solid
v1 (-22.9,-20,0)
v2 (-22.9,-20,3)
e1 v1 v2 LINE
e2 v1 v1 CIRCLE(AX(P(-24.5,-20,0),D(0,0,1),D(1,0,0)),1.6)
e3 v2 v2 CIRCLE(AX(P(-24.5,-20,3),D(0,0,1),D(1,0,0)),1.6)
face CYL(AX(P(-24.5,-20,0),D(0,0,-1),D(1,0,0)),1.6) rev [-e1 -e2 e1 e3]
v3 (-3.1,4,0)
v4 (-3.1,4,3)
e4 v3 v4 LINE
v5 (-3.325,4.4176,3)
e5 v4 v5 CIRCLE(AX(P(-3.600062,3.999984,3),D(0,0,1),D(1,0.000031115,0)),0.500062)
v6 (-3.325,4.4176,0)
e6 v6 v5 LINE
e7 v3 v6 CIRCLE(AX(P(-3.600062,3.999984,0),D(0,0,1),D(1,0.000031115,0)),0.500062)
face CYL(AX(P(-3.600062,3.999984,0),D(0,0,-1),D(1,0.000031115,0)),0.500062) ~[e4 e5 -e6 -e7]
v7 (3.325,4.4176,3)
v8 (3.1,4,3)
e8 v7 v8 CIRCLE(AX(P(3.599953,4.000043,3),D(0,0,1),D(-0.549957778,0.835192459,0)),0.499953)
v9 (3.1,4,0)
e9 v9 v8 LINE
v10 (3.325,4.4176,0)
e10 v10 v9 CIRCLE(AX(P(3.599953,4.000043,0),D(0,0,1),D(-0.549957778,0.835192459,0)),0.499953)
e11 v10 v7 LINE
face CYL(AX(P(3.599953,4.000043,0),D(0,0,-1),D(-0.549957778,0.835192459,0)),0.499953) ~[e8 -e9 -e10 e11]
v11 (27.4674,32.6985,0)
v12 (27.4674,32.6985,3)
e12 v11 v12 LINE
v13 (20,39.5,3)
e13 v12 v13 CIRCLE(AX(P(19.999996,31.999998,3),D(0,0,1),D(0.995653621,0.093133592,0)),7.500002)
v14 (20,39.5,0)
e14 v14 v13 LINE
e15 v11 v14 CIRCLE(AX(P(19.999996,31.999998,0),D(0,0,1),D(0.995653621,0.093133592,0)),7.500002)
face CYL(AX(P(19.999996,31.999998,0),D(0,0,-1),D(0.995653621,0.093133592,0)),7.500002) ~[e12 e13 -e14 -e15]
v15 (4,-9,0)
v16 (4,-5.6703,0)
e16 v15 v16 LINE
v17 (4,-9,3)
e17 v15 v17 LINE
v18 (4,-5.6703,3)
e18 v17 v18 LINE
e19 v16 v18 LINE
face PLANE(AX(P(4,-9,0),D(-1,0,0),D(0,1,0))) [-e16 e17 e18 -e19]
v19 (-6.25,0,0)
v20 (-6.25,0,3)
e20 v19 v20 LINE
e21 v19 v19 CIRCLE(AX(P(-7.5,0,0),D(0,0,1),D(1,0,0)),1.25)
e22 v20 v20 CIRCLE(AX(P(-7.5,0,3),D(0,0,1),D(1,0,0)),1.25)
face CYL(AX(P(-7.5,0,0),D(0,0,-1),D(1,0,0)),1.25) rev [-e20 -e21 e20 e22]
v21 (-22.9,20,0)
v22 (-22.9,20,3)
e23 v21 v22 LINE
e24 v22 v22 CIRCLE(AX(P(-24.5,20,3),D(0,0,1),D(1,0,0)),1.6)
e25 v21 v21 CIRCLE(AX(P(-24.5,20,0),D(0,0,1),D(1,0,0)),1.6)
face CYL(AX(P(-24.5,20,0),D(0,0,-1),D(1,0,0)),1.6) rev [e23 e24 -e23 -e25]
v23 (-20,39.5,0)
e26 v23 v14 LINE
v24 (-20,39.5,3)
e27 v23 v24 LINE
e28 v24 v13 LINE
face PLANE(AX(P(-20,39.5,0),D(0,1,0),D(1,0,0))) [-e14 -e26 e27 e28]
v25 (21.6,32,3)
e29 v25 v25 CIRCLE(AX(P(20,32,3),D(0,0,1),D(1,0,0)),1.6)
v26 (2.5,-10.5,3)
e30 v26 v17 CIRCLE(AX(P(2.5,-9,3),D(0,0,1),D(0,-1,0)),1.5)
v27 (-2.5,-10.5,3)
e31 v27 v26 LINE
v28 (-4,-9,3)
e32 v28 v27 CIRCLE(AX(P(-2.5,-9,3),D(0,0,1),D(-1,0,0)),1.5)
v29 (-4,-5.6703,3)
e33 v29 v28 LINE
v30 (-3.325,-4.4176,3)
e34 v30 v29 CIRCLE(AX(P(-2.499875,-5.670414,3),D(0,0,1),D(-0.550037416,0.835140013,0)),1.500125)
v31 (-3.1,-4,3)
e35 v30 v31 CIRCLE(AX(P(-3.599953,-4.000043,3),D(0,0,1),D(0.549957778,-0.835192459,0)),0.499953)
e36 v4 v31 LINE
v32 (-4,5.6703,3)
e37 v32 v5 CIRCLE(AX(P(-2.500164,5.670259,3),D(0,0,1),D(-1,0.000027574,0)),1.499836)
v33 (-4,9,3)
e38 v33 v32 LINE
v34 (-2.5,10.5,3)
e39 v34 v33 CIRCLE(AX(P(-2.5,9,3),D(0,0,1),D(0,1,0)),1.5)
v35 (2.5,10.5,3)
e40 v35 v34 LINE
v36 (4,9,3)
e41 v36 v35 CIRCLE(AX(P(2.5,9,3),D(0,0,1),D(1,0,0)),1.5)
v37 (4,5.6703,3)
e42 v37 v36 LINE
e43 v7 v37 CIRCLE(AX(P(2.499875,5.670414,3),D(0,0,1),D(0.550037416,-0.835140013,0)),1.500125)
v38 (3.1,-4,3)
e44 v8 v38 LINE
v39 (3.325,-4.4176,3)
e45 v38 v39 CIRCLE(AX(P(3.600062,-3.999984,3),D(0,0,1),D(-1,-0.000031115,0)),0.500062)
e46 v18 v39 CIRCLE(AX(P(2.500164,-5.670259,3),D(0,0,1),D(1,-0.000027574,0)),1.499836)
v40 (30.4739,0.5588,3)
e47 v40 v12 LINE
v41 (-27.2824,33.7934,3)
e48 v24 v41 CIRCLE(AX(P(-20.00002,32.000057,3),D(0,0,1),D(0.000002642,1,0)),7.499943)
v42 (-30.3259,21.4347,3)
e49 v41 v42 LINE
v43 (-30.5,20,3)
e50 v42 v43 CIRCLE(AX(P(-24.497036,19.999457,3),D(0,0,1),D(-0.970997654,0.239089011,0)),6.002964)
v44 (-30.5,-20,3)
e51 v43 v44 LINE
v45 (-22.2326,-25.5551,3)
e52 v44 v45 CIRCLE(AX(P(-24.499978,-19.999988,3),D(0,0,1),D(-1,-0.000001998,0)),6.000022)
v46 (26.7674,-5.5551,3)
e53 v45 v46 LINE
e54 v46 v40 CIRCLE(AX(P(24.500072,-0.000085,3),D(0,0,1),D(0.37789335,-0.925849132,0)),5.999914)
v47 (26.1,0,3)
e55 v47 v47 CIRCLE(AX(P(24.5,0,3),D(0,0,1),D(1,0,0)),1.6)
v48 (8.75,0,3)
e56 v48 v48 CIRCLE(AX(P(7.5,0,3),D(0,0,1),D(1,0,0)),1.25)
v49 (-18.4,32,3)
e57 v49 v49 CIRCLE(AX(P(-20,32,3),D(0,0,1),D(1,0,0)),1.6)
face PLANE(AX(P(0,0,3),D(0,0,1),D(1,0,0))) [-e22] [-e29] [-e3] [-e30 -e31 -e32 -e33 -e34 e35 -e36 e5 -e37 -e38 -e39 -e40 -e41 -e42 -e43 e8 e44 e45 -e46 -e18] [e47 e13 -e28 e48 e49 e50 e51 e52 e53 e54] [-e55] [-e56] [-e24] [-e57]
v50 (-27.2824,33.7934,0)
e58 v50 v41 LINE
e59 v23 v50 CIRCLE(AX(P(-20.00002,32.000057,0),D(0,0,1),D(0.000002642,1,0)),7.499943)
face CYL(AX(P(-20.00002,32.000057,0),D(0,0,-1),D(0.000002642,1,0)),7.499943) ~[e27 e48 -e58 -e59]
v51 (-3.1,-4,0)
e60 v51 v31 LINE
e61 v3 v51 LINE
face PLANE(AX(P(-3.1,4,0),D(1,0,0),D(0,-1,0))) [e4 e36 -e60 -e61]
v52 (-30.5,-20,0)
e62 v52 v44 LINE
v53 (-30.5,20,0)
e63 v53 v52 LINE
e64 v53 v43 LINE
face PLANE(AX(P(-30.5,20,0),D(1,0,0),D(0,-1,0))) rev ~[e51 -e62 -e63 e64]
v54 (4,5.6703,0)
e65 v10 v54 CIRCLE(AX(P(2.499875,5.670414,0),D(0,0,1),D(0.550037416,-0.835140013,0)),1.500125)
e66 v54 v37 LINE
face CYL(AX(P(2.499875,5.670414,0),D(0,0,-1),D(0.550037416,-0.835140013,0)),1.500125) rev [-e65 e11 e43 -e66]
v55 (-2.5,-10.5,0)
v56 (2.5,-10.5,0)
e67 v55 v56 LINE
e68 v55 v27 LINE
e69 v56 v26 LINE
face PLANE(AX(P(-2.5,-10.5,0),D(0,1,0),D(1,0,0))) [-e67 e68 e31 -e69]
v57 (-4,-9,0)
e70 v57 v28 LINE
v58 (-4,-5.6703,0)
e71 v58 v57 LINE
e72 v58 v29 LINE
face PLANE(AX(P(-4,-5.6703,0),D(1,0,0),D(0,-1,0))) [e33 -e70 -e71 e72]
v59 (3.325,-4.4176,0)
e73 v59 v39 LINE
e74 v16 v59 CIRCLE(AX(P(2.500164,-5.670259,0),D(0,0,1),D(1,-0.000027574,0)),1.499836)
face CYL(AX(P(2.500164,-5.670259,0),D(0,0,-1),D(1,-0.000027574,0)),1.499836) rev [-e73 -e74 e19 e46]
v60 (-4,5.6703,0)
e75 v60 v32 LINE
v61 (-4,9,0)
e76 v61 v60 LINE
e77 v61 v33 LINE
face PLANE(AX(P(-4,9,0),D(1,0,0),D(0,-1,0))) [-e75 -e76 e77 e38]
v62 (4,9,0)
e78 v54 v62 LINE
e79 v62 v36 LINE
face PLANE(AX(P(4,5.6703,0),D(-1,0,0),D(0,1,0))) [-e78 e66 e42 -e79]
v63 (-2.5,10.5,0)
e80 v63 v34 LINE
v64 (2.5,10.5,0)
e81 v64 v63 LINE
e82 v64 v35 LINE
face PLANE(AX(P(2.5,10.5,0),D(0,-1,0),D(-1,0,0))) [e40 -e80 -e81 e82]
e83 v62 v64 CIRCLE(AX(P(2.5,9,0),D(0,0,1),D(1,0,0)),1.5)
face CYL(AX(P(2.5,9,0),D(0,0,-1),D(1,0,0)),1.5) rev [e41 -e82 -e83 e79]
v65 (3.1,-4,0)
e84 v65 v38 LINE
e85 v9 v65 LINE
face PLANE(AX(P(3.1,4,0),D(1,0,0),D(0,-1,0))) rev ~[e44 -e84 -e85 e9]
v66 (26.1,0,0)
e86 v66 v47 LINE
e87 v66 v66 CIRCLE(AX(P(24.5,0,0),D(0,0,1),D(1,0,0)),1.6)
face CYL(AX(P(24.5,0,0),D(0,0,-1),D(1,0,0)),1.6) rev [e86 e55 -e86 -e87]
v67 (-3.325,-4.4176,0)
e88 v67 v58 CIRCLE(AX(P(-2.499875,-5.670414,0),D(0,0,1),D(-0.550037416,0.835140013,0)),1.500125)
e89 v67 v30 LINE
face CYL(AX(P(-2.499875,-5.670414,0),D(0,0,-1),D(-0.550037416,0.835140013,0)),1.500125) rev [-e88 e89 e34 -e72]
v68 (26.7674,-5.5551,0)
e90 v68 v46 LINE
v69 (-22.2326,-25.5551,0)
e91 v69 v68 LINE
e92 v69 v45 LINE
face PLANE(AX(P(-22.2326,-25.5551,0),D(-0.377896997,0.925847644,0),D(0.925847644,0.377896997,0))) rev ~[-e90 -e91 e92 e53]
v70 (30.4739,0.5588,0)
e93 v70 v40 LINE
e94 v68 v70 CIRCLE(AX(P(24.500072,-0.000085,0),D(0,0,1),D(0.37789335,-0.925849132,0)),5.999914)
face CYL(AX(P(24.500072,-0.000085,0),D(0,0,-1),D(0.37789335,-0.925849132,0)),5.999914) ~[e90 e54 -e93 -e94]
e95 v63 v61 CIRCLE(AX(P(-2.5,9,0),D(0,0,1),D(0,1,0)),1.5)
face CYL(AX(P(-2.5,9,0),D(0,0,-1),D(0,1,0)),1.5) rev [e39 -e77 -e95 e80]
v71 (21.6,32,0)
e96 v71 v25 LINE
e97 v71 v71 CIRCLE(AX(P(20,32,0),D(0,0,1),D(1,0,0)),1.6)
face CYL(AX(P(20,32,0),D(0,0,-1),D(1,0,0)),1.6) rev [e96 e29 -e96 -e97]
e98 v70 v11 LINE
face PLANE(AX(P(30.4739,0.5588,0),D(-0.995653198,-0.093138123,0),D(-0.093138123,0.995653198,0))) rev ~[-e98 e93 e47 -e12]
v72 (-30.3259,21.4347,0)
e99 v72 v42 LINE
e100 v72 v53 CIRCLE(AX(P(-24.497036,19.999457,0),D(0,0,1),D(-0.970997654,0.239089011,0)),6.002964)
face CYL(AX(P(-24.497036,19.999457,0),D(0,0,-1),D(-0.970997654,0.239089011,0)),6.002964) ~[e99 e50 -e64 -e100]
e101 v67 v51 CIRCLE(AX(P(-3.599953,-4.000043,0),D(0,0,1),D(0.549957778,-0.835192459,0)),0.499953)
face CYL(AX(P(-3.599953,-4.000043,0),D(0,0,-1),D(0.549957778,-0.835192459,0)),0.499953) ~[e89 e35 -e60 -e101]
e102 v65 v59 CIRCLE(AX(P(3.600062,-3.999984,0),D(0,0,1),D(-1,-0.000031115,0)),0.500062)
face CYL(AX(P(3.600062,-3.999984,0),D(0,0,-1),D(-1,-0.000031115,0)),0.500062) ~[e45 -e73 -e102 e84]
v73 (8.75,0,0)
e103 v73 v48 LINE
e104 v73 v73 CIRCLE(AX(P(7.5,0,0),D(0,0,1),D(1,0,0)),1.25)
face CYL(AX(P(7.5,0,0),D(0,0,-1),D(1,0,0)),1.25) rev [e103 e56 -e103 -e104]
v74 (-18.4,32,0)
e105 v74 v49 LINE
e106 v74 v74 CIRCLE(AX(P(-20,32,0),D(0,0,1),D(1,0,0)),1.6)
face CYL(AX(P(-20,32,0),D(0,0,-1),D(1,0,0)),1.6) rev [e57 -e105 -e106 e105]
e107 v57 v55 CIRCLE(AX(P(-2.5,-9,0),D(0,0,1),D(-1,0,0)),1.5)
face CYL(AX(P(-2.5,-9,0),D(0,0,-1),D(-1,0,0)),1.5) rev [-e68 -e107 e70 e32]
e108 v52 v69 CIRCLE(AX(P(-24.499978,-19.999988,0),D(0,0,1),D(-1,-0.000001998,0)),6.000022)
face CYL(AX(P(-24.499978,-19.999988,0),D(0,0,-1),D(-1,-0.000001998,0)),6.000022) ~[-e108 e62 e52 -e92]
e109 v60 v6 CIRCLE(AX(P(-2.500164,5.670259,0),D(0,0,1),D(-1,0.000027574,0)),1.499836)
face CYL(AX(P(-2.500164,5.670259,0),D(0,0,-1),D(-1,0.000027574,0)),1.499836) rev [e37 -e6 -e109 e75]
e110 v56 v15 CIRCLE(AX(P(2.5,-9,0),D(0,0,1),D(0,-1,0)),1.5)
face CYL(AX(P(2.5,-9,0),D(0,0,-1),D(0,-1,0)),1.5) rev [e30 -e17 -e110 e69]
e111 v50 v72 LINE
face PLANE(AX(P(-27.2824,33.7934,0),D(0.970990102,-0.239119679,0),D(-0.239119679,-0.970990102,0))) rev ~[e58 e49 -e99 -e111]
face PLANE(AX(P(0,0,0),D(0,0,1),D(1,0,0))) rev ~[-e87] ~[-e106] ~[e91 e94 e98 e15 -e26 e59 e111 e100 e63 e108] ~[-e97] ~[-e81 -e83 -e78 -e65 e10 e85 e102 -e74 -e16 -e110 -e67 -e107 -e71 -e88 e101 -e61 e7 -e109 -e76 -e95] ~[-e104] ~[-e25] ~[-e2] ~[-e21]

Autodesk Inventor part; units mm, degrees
ref_plane "YZ Plane" through (0, 0, 0) normal (1, 0, 0) x (0, 1, 0)
ref_plane "XZ Plane" through (0, 0, 0) normal (0, 1, 0) x (-1, 0, 0)
ref_plane "XY Plane" through (0, 0, 0) normal (0, 0, 1) x (1, 0, 0)
sketch "スケッチ1" plane through (0, 0, 0) normal (0, 0, 1) x (1, 0, 0)
  line L0 (-15, 61.4764) -> (15, 61.4764) construction
  line L1 (15, 61.4764) -> (15, -42.9448) construction
  line L2 (15, -42.9448) -> (-15, -42.9448) construction
  line L3 (-15, -42.9448) -> (-15, 61.4764) construction
  circle A0 centre (-24.5, 20) radius 9.5 construction
  circle A1 centre (24.5, 0) radius 9.5 construction
  circle A2 centre (-24.5, -20) radius 9.5 construction
  line L4 (-3, 9.5) -> (3, 9.5) construction
  line L5 (3, 9.5) -> (3, -9.5) construction
  line L6 (3, -9.5) -> (-3, -9.5) construction
  line L7 (-3, -9.5) -> (-3, 9.5) construction
  circle A3 centre (-7.5, 0) radius 1.25
  circle A4 centre (7.5, 0) radius 1.25
  circle A5 centre (-20, 32) radius 1.6
  circle A6 centre (20, 32) radius 1.6
  line L8 (-24.5, 20) -> (-24.5, -20) construction
  line L9 (-24.5, -20) -> (24.5, 0) construction
  line L10 (24.5, 0) -> (-24.5, 20) construction
  line L11 (-61.4764, 39.5) -> (49.785, 39.5) construction
  line L12 (49.785, 39.5) -> (49.785, 24.5) construction
  line L13 (49.785, 24.5) -> (-61.4764, 24.5) construction
  line L14 (-61.4764, 24.5) -> (-61.4764, 39.5) construction
  circle A7 centre (-24.5, 20) radius 1.6
  circle A8 centre (24.5, 0) radius 1.6
  circle A9 centre (-24.5, -20) radius 1.6
  arc A10 (-20, 39.5) -> (-27.2824, 33.7934) centre (-20, 32) ccw
  arc A11 (27.4674, 32.6985) -> (20, 39.5) centre (20, 32) ccw
  arc A12 (-30.3259, 21.4347) -> (-30.5, 20) centre (-24.5, 20) ccw
  arc A13 (-30.5, -20) -> (-22.2326, -25.5551) centre (-24.5, -20) ccw
  arc A14 (26.7674, -5.5551) -> (30.4739, 0.5588) centre (24.5, 0) ccw
  line L15 (-20, 39.5) -> (20, 39.5)
  line L16 (-27.2824, 33.7934) -> (-30.3259, 21.4347)
  line L17 (-30.5, 20) -> (-30.5, -20)
  line L18 (-22.2326, -25.5551) -> (26.7674, -5.5551)
  line L19 (30.4739, 0.5588) -> (27.4674, 32.6985)
  line L20 (-2.5, -10.5) -> (2.5, -10.5)
  line L21 (4, -9) -> (4, -5.6703)
  line L22 (2.5, 10.5) -> (-2.5, 10.5)
  line L23 (-3.1, 4) -> (-3.1, -4)
  line L24 (3.1, 4) -> (3.1, -4)
  line L25 (-4, -5.6703) -> (-4, -9)
  line L26 (4, 5.6703) -> (4, 9)
  arc A15 (-2.5, 10.5) -> (-4, 9) centre (-2.5, 9) ccw
  arc A16 (4, 9) -> (2.5, 10.5) centre (2.5, 9) ccw
  arc A17 (-4, -9) -> (-2.5, -10.5) centre (-2.5, -9) ccw
  arc A18 (2.5, -10.5) -> (4, -9) centre (2.5, -9) ccw
  line L27 (-4, 9) -> (-4, 5.6703)
  arc A19 (-4, 5.6703) -> (-3.325, 4.4176) centre (-2.5, 5.6703) ccw
  arc A20 (-3.1, 4) -> (-3.325, 4.4176) centre (-3.6, 4) ccw
  arc A21 (3.325, 4.4176) -> (4, 5.6703) centre (2.5, 5.6703) ccw
  arc A22 (3.325, 4.4176) -> (3.1, 4) centre (3.6, 4) ccw
  arc A23 (-3.325, -4.4176) -> (-4, -5.6703) centre (-2.5, -5.6703) ccw
  arc A24 (-3.325, -4.4176) -> (-3.1, -4) centre (-3.6, -4) ccw
  arc A25 (3.1, -4) -> (3.325, -4.4176) centre (3.6, -4) ccw
  arc A26 (4, -5.6703) -> (3.325, -4.4176) centre (2.5, -5.6703) ccw
  circle A27 centre (-24.5, 20) radius 4 construction
  point P0 (0, 0)
  dimension "d0" = 30
  dimension "d1" = 15
  dimension "d2" = 19
  dimension "d3" = 19
  dimension "d4" = 19
  dimension "d5" = 6
  dimension "d6" = 19
  dimension "d7" = 3
  dimension "d8" = 9.5
  dimension "d9" = 2.5
  dimension "d10" = 2.5
  dimension "d11" = 15
  dimension "d12" = 7.5
  dimension "d13" = 3.2
  dimension "d14" = 3.2
  dimension "d15" = 40
  dimension "d16" = 40
  dimension "d17" = 20
  dimension "d18" = 12
  dimension "d19" = 15
  dimension "d20" = 7.5
  dimension "d21" = 3.2
  dimension "d22" = 3.2
  dimension "d23" = 3.2
  dimension "d24" = 7.5
  dimension "d25" = 7.5
  dimension "d26" = 6
  dimension "d27" = 6
  dimension "d28" = 6
  dimension "d29" = 1
  dimension "d32" = 8
  dimension "d33" = 4
  dimension "d34" = 0.1
  dimension "d35" = 0.1
  dimension "d36" = 1
  dimension "d37" = 1
  dimension "d38" = 1
  dimension "d39" = 1.5
  dimension "d40" = 1
  dimension "d41" = 1.5
  dimension "d42" = 0.5
  dimension "d44" = 1
  dimension "d45" = 1.5
  dimension "d46" = 0.5
  dimension "d47" = 1.5
  dimension "d48" = 0.5
  dimension "d49" = 0.5
  dimension "d50" = 1.5
  dimension "d54" = 8
extrude "押し出し1" add sketch "スケッチ1" along normal blind 3
equation "\"d8\" = 0.5 * d6"
equation "\"d12\" = 0.5 * d11"
equation "\"d17\" = 0.5 * d16"
properties part number "上昇機構_内側板" material "アルミニウム 6061"
